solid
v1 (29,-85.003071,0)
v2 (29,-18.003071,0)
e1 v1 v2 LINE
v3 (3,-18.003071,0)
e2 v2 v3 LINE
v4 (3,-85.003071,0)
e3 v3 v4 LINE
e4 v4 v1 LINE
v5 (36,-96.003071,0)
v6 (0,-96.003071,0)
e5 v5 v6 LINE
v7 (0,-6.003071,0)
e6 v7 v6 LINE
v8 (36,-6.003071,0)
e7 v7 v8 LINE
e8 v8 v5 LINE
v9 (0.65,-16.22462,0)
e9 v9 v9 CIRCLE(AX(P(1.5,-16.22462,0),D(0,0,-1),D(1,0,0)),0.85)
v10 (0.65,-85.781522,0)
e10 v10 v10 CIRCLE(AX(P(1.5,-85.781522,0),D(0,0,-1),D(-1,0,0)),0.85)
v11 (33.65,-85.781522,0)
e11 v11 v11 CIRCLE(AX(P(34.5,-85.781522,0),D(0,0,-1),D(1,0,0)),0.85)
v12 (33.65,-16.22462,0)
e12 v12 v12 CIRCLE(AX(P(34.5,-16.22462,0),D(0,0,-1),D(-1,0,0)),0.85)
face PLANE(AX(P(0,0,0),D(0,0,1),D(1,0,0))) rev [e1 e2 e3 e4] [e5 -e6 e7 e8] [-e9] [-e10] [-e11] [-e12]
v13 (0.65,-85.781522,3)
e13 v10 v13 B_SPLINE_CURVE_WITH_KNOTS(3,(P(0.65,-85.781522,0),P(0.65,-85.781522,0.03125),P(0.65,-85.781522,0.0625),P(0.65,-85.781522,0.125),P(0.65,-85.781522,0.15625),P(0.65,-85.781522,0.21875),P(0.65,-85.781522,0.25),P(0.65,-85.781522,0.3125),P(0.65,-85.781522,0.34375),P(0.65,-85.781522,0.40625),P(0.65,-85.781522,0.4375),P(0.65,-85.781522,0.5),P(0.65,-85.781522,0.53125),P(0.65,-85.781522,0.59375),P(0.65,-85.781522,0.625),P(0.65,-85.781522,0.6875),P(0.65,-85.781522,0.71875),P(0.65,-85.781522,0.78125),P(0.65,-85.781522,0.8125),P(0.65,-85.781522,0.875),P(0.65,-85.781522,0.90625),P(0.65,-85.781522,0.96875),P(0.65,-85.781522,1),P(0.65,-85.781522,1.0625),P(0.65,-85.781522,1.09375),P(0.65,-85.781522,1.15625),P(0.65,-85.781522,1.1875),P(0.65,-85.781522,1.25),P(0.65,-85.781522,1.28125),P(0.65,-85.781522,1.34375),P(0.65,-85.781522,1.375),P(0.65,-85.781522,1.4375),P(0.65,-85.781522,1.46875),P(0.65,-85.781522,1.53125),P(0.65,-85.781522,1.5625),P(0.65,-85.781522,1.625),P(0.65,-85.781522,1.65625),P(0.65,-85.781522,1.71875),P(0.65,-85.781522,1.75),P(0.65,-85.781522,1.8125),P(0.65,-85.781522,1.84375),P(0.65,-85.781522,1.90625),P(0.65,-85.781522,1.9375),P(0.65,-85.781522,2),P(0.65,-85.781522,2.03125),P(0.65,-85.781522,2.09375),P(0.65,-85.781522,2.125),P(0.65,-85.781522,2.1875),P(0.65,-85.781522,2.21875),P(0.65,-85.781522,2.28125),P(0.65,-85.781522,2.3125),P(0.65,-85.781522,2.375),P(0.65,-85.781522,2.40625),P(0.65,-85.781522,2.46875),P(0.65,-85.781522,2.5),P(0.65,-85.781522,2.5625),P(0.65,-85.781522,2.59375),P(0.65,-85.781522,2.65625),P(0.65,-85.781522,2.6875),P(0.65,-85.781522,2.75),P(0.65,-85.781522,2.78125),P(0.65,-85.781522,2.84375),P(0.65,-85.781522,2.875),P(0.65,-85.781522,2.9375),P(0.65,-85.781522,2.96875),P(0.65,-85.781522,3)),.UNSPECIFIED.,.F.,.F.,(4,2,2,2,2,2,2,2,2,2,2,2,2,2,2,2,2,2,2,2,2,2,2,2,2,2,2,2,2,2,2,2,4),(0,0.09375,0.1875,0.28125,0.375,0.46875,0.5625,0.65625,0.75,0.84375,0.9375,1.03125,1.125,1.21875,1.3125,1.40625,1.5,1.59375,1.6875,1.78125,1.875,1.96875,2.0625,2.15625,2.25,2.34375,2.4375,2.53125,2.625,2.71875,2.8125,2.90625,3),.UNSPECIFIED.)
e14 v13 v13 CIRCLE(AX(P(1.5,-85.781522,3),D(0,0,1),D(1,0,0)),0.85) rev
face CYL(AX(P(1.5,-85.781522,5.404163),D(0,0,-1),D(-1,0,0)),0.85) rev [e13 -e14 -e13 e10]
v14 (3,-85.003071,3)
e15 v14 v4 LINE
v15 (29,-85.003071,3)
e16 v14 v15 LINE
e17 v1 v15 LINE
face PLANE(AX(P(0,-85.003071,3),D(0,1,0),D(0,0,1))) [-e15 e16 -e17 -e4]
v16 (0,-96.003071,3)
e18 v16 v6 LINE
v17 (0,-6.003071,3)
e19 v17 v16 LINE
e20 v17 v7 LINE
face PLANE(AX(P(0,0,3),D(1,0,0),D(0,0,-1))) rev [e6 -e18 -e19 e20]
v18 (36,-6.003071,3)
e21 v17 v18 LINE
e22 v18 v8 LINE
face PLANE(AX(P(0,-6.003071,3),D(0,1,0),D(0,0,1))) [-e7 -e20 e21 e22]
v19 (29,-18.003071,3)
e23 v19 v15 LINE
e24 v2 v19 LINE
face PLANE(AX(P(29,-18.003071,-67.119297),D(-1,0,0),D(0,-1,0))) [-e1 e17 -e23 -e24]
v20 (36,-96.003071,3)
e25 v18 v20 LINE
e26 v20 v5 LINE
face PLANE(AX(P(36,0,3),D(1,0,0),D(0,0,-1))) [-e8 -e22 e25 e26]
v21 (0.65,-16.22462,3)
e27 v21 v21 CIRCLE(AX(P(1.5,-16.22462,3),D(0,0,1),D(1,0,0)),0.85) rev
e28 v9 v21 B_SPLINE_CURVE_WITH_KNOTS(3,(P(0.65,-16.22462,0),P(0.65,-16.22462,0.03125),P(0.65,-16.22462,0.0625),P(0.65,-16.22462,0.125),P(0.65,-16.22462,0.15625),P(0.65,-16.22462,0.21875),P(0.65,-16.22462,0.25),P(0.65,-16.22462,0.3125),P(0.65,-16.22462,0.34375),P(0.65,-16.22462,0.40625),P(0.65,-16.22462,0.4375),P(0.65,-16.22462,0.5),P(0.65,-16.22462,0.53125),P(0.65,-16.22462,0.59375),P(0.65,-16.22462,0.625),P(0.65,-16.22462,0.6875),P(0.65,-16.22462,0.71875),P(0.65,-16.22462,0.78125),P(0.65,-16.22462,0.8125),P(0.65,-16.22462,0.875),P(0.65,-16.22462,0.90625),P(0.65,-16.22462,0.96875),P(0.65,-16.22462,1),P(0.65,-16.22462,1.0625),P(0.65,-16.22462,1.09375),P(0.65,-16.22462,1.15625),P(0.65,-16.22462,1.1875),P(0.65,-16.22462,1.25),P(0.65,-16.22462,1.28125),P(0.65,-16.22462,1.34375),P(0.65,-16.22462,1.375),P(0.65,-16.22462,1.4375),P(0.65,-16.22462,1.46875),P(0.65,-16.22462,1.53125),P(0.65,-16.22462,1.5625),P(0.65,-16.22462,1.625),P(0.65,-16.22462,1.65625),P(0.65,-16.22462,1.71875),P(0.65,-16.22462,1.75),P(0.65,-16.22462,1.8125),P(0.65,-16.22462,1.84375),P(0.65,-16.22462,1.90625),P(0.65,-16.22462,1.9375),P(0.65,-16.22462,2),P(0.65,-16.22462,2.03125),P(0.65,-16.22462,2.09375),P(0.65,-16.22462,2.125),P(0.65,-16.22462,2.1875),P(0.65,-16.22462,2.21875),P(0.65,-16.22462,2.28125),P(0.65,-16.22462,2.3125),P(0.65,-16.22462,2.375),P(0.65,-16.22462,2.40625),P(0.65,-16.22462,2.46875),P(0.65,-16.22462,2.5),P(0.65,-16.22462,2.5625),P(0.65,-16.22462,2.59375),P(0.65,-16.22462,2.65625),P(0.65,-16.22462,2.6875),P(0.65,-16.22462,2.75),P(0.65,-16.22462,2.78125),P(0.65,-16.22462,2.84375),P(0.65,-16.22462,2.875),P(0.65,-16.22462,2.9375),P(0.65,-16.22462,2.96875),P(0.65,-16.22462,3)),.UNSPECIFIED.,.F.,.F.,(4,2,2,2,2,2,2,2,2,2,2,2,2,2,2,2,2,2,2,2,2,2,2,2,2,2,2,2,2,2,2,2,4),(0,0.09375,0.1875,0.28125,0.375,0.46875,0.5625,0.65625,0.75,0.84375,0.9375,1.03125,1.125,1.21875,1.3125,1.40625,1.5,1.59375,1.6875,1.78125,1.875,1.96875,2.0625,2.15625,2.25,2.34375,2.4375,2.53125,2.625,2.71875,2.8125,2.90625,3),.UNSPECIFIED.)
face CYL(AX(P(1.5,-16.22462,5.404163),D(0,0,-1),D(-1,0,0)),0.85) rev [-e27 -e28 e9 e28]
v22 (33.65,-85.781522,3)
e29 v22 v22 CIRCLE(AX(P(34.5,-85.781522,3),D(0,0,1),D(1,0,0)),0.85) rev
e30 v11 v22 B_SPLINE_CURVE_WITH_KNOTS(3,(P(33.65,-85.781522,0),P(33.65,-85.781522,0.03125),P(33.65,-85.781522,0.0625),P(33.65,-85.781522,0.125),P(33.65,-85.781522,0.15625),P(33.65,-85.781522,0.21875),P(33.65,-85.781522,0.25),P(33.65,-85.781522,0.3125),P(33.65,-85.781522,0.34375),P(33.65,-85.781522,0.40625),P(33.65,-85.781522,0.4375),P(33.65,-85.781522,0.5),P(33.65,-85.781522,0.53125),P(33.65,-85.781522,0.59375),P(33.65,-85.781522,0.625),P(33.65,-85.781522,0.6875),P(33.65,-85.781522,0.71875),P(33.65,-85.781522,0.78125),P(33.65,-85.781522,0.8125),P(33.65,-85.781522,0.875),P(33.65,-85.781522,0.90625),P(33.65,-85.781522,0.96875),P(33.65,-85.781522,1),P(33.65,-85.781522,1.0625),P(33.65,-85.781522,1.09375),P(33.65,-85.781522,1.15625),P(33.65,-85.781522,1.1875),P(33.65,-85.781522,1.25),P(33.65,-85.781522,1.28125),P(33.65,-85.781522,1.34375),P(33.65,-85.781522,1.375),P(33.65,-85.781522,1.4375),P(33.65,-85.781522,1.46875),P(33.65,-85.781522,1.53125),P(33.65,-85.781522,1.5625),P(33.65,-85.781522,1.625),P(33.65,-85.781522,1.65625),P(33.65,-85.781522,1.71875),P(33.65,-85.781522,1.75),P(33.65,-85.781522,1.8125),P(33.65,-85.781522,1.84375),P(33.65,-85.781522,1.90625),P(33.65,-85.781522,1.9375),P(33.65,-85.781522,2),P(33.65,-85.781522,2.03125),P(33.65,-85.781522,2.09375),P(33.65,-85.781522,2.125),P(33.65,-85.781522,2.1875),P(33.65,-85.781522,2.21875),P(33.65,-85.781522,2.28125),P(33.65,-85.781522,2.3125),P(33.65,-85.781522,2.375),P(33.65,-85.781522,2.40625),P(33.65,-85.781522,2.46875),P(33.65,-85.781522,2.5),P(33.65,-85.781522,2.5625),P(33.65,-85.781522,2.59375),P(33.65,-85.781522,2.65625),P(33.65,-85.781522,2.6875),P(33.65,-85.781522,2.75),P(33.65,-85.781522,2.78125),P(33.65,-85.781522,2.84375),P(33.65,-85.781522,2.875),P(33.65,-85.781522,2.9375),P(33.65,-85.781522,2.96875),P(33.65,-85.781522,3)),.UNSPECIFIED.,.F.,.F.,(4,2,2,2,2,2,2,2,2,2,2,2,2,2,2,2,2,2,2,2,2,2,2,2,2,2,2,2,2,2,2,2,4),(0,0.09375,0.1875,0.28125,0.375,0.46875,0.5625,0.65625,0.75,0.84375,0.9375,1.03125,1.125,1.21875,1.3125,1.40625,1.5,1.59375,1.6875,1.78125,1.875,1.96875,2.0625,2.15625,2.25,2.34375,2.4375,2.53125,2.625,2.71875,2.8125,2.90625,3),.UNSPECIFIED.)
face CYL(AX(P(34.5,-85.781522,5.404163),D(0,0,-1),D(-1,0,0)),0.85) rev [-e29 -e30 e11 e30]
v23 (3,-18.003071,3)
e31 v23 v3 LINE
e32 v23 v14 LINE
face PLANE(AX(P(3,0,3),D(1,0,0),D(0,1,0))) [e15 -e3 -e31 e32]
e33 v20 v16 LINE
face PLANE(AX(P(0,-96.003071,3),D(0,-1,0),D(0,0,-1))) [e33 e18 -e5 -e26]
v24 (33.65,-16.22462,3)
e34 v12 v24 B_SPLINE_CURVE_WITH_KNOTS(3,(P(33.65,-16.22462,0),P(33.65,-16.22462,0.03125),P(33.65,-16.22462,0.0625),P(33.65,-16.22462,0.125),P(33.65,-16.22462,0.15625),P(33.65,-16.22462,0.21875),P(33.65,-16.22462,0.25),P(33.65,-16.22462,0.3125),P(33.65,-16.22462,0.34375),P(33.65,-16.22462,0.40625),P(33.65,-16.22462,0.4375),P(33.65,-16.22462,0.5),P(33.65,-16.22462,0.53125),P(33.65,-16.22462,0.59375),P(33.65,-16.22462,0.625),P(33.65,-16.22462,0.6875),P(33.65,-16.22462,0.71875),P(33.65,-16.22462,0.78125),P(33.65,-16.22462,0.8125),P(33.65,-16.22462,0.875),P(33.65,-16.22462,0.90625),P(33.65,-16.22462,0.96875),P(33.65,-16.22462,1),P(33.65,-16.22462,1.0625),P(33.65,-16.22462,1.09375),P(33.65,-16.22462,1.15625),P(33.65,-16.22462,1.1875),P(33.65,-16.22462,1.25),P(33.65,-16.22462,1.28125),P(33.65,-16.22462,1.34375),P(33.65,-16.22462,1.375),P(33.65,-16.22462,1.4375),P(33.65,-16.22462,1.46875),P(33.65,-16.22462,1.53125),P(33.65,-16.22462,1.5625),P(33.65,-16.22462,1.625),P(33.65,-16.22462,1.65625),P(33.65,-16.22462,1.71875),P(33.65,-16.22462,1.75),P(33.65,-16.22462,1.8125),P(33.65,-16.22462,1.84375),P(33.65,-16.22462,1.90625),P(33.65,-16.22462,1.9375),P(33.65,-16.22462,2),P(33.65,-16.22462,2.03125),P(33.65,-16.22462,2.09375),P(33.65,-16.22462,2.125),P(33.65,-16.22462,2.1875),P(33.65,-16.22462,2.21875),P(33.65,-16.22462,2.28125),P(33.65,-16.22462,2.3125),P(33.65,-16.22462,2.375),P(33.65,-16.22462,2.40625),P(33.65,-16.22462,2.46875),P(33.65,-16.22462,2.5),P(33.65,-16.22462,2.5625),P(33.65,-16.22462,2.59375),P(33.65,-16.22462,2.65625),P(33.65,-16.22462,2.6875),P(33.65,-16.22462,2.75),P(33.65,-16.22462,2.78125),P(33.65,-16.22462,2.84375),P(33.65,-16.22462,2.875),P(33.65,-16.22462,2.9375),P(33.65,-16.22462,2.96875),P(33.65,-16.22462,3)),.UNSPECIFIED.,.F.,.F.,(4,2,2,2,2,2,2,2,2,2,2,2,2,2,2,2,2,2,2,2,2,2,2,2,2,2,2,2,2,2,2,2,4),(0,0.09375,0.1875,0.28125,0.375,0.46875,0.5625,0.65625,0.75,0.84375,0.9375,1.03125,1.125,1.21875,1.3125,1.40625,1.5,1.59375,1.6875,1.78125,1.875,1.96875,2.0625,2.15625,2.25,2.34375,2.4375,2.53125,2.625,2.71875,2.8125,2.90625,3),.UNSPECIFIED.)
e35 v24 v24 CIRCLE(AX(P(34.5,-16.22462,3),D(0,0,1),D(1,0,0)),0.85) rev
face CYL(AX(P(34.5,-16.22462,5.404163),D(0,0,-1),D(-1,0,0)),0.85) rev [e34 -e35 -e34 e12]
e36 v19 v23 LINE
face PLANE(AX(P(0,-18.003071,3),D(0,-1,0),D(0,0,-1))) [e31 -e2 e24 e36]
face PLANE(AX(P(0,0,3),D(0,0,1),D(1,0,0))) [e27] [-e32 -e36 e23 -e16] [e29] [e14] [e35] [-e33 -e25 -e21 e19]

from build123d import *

# Parameters (mm, degrees)
SKETCH1_W           = 36
SKETCH1_H           = 90
SKETCH1_W_2         = 30
SKETCH1_H_2         = 67
BOSS_EXTRUDE1_DEPTH = 3
SKETCH3_R           = 0.85
CUT_EXTRUDE1_DEPTH  = 3
SKETCH4_W           = 4
SKETCH4_H           = 67
BOSS_EXTRUDE2_DEPTH = 3


with BuildPart() as part:
    # Sketch1 → Boss-Extrude1 (new body)
    with BuildSketch(Plane.XY):
        with Locations((18, -51.003070917)):
            Rectangle(SKETCH1_W, SKETCH1_H)
        with Locations((18, -51.503070917)):
            Rectangle(SKETCH1_W_2, SKETCH1_H_2, mode=Mode.SUBTRACT)
    extrude(amount=BOSS_EXTRUDE1_DEPTH)

    # Sketch3 → Cut-Extrude1 (cut)
    with BuildSketch(Plane(origin=(0, 0, 0), x_dir=(-1, 0, 0), z_dir=(0, 0, -1))):
        with Locations((-34.5, -16.224619538)):
            Circle(SKETCH3_R)
        with Locations((-1.5, -16.224619538)):
            Circle(SKETCH3_R)
        with Locations((-1.5, -85.781522297)):
            Circle(SKETCH3_R)
        with Locations((-34.5, -85.781522297)):
            Circle(SKETCH3_R)
    extrude(amount=-CUT_EXTRUDE1_DEPTH, mode=Mode.SUBTRACT)

    # Sketch4 → Boss-Extrude2 (add)
    with BuildSketch(Plane.XY.offset(3)):
        with Locations((31, -51.503070917)):
            Rectangle(SKETCH4_W, SKETCH4_H)
    extrude(amount=-BOSS_EXTRUDE2_DEPTH)


solid = part.part
